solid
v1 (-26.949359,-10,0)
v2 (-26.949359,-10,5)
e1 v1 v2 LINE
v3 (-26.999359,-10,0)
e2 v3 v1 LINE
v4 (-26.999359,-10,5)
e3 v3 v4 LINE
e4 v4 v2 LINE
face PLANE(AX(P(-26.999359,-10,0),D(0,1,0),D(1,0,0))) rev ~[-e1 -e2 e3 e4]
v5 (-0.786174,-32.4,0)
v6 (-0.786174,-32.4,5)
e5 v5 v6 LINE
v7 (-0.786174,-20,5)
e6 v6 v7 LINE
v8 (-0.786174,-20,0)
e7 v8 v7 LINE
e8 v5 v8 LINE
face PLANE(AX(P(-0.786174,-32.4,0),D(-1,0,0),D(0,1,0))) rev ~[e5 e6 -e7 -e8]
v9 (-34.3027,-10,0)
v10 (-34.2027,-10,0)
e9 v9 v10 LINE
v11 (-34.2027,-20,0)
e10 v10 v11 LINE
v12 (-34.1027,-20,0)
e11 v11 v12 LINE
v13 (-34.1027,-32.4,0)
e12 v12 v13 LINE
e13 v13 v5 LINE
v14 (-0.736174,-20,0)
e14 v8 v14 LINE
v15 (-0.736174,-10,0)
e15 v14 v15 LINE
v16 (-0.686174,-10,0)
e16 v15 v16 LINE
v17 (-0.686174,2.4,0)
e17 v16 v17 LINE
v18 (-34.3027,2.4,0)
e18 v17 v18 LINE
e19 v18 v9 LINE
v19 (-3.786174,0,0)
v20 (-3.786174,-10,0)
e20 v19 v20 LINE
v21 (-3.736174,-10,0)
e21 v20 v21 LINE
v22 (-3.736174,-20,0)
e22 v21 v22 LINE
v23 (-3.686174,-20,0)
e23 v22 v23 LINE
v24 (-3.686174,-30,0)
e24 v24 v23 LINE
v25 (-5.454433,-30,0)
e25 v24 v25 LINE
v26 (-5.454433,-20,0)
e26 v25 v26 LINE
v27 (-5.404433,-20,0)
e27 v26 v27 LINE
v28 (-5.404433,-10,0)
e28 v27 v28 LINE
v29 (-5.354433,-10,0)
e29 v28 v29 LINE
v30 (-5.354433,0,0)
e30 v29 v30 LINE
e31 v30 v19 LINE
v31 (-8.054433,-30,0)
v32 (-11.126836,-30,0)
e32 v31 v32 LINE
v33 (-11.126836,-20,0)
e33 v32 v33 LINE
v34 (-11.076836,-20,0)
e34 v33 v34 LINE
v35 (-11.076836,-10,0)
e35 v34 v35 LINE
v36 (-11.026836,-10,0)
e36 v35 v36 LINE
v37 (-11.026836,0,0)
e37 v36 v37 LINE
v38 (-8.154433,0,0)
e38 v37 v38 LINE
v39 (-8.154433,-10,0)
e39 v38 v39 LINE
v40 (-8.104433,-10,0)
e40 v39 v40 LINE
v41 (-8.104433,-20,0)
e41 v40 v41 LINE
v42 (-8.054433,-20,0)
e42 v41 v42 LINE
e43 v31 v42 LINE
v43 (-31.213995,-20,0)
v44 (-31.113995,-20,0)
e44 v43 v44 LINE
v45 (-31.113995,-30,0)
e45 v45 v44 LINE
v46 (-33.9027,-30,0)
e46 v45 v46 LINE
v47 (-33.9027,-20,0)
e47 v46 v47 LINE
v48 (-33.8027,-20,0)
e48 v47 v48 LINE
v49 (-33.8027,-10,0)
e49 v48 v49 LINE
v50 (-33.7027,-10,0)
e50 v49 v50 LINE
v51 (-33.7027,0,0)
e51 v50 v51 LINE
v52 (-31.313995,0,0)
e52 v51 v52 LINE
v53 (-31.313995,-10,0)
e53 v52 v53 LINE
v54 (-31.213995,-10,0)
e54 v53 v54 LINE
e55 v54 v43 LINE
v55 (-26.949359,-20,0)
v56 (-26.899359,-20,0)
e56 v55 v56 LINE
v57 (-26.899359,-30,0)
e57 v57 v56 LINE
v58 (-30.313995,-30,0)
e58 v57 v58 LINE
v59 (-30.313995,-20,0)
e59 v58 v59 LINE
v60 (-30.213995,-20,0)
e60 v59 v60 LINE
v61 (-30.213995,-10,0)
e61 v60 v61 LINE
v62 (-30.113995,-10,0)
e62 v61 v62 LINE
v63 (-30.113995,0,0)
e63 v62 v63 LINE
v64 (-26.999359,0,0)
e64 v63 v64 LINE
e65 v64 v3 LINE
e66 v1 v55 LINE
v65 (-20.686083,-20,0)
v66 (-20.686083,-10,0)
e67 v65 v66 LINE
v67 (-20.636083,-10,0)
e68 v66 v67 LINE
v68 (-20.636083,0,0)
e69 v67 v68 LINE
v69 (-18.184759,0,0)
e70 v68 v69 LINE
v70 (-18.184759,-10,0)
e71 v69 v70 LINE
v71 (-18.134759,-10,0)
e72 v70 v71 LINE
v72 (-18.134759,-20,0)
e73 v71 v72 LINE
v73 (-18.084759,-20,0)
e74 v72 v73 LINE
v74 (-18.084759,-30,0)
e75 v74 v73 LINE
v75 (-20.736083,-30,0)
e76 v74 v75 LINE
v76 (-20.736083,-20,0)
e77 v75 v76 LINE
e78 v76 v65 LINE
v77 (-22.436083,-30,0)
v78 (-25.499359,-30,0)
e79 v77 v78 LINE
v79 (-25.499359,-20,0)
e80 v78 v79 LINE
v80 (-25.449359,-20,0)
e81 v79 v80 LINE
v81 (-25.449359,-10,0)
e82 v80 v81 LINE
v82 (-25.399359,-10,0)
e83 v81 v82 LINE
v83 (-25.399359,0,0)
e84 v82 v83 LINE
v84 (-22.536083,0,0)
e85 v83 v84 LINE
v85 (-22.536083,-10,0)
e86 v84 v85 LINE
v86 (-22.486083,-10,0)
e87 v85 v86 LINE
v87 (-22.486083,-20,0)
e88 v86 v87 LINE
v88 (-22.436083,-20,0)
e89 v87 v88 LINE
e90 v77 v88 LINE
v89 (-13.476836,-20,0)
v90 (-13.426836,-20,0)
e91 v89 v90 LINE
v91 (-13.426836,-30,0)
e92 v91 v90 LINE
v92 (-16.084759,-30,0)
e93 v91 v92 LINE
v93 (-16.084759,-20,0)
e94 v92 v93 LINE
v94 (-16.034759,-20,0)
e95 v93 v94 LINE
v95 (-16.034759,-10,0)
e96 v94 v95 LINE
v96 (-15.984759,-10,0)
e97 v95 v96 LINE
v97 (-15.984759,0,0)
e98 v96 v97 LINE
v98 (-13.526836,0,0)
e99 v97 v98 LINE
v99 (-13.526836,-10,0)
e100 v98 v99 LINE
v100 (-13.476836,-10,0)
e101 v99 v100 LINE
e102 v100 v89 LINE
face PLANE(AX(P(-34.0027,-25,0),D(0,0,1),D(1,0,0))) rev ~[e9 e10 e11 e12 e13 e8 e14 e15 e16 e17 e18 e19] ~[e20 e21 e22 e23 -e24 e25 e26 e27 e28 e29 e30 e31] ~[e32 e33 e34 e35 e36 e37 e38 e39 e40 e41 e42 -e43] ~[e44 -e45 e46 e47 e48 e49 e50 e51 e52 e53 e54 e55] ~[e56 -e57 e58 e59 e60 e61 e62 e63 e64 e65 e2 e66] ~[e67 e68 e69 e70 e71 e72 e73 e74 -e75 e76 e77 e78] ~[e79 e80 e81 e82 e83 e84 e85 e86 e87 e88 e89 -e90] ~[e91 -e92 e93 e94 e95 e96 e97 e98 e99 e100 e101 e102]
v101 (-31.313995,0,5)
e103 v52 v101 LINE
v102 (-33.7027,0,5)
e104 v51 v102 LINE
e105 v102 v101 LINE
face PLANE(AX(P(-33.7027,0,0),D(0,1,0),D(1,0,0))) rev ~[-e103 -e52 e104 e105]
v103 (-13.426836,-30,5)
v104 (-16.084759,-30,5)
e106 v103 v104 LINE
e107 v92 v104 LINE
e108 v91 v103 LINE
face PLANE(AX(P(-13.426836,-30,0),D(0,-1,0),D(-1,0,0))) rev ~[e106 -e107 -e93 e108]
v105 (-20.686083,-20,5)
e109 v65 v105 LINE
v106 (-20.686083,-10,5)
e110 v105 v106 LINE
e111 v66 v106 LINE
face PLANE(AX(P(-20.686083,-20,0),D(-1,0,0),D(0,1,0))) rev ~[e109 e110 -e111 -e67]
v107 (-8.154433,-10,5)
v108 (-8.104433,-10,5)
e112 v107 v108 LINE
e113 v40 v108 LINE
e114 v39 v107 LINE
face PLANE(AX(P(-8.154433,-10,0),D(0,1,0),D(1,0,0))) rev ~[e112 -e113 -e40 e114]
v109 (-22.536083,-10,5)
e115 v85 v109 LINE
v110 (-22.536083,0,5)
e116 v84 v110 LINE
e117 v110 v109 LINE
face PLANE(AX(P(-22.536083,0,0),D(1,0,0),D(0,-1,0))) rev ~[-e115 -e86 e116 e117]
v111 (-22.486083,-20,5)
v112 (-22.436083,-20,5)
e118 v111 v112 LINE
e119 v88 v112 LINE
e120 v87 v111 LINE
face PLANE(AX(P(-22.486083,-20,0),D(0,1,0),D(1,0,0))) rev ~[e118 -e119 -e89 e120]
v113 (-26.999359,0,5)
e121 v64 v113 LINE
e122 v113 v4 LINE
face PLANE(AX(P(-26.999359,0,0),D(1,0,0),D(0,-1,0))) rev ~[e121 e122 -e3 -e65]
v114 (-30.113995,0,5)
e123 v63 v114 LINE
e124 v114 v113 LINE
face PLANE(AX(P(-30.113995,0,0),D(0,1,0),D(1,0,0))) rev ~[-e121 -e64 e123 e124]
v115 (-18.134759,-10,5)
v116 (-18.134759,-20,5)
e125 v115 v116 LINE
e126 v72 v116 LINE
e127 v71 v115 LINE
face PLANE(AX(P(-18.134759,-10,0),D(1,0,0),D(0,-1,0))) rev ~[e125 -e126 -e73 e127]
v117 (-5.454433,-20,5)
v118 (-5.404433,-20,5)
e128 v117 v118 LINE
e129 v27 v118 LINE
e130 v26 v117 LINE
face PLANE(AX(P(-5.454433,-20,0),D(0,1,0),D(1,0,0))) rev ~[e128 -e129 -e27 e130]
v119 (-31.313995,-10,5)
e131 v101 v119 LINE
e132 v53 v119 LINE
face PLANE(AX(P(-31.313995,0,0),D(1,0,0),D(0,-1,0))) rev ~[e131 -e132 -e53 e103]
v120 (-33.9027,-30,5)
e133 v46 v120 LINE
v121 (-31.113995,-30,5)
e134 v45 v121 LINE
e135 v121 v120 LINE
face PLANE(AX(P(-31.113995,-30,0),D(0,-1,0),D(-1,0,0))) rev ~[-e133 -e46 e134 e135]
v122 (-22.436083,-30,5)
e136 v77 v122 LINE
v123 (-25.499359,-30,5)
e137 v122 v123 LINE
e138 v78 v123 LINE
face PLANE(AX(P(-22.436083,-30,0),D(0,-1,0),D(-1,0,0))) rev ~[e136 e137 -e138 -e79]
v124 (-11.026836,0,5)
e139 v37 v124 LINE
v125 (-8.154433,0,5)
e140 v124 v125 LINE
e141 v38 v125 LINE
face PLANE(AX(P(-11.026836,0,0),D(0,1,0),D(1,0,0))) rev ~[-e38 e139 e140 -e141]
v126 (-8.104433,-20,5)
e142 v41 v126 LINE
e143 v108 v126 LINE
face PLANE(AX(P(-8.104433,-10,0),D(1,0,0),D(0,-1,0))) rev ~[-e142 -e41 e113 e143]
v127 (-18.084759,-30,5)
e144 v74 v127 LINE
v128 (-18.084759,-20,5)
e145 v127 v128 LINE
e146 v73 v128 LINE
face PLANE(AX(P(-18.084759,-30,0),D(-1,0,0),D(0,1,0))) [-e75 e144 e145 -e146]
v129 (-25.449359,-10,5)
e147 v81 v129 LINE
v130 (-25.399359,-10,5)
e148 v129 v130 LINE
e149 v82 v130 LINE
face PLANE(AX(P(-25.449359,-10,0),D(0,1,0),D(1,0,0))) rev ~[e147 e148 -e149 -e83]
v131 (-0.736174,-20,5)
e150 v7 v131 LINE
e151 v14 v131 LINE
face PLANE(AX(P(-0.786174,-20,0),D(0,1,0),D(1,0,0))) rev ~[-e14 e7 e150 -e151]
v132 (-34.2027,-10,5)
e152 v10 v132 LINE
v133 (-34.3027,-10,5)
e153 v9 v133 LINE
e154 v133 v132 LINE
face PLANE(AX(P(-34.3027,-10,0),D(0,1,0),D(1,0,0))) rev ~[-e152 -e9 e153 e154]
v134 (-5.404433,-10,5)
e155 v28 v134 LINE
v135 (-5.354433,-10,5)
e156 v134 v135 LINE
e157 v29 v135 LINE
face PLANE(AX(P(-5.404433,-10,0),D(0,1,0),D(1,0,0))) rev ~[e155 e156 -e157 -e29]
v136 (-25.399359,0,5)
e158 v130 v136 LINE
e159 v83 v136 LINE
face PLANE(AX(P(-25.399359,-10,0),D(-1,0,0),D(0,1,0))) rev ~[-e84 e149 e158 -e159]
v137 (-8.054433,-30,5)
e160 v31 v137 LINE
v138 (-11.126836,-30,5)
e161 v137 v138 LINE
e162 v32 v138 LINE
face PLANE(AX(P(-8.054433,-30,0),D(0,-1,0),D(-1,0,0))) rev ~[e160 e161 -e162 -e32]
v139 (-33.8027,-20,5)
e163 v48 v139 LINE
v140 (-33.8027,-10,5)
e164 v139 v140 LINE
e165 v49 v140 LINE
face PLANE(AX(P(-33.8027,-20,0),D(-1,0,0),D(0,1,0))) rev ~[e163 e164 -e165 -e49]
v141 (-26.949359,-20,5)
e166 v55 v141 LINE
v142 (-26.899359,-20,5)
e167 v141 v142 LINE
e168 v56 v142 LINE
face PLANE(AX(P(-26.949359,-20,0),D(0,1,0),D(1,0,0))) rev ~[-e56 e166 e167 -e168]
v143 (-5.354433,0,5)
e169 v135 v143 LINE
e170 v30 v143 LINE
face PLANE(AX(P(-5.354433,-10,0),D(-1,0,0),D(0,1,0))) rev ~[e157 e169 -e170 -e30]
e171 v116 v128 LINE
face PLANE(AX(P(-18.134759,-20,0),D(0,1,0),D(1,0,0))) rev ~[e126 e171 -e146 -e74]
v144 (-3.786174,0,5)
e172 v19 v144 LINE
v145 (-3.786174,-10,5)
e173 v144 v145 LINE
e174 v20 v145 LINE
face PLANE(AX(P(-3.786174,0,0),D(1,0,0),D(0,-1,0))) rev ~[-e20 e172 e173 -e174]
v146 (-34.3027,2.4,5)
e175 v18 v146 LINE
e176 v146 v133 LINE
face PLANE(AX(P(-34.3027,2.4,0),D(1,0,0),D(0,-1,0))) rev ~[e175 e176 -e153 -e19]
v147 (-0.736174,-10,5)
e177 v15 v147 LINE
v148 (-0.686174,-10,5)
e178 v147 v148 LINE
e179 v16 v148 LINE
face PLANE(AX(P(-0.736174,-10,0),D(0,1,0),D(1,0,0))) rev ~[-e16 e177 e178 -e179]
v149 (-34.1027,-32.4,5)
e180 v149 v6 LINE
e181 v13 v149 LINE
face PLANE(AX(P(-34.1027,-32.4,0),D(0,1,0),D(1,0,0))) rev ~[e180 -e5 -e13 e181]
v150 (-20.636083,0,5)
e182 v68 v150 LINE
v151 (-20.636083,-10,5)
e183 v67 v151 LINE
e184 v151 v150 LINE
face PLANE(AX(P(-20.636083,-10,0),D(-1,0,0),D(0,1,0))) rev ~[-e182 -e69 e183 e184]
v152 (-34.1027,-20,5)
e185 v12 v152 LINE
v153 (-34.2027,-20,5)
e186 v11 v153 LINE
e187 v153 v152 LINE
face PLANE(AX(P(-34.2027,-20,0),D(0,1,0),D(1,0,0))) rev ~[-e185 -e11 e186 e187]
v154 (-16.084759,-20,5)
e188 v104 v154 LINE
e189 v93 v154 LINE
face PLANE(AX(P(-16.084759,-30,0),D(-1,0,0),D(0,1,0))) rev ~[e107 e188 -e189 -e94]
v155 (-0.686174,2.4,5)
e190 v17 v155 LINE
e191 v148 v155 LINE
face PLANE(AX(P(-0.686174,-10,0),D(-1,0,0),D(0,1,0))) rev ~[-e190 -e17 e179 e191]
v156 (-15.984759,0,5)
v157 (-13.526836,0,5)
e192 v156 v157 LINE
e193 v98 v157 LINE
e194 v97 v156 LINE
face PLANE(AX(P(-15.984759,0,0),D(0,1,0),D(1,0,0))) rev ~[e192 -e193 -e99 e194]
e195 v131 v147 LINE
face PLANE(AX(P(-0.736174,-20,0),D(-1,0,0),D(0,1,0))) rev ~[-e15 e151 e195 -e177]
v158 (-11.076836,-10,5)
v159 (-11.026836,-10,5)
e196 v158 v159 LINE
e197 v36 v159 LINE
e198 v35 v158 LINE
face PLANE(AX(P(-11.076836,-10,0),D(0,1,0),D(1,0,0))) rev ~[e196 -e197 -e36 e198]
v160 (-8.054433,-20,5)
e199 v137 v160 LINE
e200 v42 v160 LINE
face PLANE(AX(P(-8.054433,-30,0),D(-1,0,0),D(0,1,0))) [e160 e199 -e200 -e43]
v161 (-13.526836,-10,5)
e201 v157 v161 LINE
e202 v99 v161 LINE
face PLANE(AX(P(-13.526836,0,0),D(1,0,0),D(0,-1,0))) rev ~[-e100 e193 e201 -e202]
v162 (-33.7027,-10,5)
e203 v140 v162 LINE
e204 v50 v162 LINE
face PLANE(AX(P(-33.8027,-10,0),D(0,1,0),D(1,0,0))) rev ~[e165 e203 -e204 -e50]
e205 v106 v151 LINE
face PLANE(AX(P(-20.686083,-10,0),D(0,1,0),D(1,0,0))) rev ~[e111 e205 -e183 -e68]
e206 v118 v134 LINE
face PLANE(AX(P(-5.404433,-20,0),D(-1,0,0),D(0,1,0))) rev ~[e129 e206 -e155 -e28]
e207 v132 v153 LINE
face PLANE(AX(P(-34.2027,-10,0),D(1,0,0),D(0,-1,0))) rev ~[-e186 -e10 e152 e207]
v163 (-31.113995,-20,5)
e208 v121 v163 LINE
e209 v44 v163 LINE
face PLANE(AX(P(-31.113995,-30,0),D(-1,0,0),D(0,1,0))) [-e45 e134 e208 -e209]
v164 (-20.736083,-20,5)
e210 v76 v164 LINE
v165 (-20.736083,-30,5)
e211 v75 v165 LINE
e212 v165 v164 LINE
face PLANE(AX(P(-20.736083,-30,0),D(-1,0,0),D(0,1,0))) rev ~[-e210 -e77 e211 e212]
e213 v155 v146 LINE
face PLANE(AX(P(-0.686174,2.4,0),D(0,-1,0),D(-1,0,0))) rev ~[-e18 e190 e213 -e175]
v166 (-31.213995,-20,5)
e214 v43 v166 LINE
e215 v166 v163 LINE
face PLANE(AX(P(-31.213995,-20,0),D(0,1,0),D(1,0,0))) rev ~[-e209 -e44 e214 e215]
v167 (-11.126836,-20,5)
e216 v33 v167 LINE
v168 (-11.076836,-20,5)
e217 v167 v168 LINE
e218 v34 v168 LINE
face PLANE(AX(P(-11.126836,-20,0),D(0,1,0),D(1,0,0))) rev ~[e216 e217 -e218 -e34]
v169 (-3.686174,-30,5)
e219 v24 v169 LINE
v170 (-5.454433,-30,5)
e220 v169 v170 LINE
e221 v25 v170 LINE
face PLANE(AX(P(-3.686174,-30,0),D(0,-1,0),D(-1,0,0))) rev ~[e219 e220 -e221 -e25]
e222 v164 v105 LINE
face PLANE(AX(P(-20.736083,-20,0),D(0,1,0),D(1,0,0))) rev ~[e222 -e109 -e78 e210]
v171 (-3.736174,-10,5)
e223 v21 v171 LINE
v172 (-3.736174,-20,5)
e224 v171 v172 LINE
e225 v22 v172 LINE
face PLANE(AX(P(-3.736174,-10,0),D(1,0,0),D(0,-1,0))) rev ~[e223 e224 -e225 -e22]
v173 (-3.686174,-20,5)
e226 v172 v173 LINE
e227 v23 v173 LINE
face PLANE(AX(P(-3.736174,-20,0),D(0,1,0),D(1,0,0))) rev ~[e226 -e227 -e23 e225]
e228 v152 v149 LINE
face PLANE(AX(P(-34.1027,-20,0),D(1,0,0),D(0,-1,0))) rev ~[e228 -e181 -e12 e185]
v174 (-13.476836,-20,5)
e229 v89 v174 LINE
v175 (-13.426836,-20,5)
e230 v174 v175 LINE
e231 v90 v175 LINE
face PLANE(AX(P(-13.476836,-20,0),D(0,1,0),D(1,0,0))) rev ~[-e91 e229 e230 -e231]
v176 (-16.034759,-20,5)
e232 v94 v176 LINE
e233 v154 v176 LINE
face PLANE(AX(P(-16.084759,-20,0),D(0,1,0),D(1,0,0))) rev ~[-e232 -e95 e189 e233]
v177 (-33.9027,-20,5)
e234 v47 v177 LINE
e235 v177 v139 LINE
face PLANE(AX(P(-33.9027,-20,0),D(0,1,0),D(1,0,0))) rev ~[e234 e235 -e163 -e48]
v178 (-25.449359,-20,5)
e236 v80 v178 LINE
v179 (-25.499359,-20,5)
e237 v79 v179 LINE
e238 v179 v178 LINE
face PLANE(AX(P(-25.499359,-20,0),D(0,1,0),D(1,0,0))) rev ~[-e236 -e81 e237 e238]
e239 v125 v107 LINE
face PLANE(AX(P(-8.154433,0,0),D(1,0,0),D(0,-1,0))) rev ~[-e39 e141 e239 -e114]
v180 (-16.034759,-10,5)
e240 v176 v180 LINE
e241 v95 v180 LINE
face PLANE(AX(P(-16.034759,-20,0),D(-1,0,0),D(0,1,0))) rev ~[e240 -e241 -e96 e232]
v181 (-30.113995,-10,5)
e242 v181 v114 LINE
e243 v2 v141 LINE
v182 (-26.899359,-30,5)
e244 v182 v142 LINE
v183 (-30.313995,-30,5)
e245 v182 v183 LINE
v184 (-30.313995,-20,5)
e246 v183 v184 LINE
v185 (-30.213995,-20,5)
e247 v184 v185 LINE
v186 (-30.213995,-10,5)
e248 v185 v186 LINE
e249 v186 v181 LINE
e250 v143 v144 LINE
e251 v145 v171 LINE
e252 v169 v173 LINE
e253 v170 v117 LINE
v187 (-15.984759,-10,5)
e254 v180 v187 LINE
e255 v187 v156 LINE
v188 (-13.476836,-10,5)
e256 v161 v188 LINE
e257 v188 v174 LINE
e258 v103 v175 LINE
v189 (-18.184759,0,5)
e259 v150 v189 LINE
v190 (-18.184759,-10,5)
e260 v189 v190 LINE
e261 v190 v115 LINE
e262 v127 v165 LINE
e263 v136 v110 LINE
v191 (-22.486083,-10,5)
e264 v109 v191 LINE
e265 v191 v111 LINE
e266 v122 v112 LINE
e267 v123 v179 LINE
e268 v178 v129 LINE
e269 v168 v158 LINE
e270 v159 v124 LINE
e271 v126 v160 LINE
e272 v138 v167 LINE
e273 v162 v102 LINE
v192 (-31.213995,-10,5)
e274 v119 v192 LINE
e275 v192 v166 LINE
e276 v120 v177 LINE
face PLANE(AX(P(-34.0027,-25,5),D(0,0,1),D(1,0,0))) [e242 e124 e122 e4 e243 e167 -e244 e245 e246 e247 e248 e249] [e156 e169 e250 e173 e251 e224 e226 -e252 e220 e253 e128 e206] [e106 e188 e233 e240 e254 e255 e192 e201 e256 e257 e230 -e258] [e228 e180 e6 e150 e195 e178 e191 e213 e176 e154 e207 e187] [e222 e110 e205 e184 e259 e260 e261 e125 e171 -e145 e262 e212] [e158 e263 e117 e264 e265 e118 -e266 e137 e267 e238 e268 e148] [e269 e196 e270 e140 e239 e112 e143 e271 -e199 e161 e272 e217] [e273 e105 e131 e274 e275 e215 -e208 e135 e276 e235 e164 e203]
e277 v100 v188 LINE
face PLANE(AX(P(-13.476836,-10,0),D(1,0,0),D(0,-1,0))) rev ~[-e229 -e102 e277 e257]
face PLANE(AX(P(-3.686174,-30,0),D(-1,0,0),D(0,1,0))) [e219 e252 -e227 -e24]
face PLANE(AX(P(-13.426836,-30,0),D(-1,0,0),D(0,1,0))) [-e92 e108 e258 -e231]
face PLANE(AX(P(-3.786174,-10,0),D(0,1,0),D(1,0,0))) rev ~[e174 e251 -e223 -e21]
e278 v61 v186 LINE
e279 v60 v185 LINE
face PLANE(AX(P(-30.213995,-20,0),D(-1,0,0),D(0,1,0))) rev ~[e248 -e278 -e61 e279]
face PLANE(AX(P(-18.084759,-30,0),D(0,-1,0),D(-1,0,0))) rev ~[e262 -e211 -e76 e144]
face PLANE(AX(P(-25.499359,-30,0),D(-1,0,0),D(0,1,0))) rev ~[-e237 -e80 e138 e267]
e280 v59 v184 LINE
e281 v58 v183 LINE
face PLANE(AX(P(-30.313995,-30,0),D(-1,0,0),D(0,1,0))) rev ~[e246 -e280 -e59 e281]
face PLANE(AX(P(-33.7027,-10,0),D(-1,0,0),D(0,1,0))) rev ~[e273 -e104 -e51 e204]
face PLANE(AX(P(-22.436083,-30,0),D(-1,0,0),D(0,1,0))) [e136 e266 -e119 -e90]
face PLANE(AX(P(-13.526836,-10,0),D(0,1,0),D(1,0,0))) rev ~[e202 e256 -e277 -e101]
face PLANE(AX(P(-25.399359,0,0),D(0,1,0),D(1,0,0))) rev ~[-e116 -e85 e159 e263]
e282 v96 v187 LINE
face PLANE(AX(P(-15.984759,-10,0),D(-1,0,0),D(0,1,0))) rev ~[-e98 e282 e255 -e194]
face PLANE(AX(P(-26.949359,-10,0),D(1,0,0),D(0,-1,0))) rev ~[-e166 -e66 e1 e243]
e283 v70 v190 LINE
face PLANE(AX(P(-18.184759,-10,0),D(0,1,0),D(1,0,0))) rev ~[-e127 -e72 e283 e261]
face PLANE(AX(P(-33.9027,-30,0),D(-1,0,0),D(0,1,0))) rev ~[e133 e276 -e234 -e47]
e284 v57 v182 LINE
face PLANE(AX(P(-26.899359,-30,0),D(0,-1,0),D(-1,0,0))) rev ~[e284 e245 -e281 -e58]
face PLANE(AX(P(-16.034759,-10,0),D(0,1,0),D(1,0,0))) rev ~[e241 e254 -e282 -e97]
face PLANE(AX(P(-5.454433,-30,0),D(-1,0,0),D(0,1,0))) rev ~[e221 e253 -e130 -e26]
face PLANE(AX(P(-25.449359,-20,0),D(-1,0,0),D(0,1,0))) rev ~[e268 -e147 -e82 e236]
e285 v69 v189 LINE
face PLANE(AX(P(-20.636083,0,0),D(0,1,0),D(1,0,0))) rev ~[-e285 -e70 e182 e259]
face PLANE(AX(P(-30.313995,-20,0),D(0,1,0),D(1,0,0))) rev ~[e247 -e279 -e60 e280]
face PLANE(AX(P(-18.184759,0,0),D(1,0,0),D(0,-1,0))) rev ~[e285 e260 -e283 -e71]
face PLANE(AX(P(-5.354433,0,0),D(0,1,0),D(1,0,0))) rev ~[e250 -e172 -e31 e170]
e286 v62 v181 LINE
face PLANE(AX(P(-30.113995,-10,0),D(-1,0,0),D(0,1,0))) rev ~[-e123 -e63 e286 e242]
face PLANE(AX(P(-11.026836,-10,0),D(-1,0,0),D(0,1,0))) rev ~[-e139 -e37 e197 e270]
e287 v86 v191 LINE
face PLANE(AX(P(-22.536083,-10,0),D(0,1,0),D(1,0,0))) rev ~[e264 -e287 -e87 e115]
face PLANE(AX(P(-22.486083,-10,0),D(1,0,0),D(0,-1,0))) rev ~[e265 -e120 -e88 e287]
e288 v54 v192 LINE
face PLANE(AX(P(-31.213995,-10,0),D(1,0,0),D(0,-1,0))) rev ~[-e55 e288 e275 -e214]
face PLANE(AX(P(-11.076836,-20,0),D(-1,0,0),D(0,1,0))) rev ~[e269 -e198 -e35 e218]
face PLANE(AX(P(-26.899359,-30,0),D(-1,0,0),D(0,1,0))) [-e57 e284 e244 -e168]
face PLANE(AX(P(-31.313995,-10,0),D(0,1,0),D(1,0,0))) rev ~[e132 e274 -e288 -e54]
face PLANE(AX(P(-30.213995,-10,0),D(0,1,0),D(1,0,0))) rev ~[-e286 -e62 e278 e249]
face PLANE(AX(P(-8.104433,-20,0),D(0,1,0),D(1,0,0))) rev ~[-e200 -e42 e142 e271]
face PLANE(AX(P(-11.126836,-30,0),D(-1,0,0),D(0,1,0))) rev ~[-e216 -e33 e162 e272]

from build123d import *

# Parameters (mm, degrees)
F0_W     = 0.2
F0_H     = 10
F0_W_2   = 2.9
F0_W_3   = 2.6
F0_W_4   = 2.3
F0_W_5   = 2
F0_W_6   = 1.7
F0_W_7   = 1.4
F0_W_8   = 0.8
F1_DEPTH = 5


with BuildPart() as f1:
    # F0 (on Top) → F1 (new body)
    with BuildSketch(Plane.XY):
        with Locations((-34.0027, -25)):
            Rectangle(F0_W, F0_H)
        Polygon((-33.9027, -30), (-34.1027, -30), (-34.1027, -32.4), (-0.786174, -32.4), (-0.786174, -30), (-3.686174, -30), (-5.454433, -30), (-8.054433, -30), (-11.126836, -30), (-13.426836, -30), (-16.084759, -30), (-18.084759, -30), (-20.736083, -30), (-22.436083, -30), (-25.499359, -30), (-26.899359, -30), (-30.313995, -30), (-31.113995, -30), align=None)
        Polygon((-34.2027, -20), (-34.1027, -20), (-33.9027, -20), (-33.8027, -20), (-33.8027, -10), (-34.2027, -10), align=None)
        Polygon((-34.3027, -10), (-34.2027, -10), (-33.8027, -10), (-33.7027, -10), (-33.7027, 0), (-34.3027, 0), align=None)
        with Locations((-2.236174, -25)):
            Rectangle(F0_W_2, F0_H)
        Polygon((-3.686174, -20), (-0.786174, -20), (-0.736174, -20), (-0.736174, -10), (-3.736174, -10), (-3.736174, -20), align=None)
        Polygon((-34.3027, 2.4), (-34.3027, 0), (-33.7027, 0), (-31.313995, 0), (-30.113995, 0), (-26.999359, 0), (-25.399359, 0), (-22.536083, 0), (-20.636083, 0), (-18.184759, 0), (-15.984759, 0), (-13.526836, 0), (-11.026836, 0), (-8.154433, 0), (-5.354433, 0), (-3.786174, 0), (-0.686174, 0), (-0.686174, 2.4), align=None)
        Polygon((-3.736174, -10), (-0.736174, -10), (-0.686174, -10), (-0.686174, 0), (-3.786174, 0), (-3.786174, -10), align=None)
        Polygon((-31.313995, -10), (-31.213995, -10), (-30.213995, -10), (-30.113995, -10), (-30.113995, 0), (-31.313995, 0), align=None)
        Polygon((-26.999359, -10), (-26.949359, -10), (-25.449359, -10), (-25.399359, -10), (-25.399359, 0), (-26.999359, 0), align=None)
        Polygon((-22.536083, -10), (-22.486083, -10), (-20.686083, -10), (-20.636083, -10), (-20.636083, 0), (-22.536083, 0), align=None)
        Polygon((-18.184759, -10), (-18.134759, -10), (-16.034759, -10), (-15.984759, -10), (-15.984759, 0), (-18.184759, 0), align=None)
        Polygon((-13.476836, -10), (-11.076836, -10), (-11.026836, -10), (-11.026836, 0), (-13.526836, 0), (-13.526836, -10), align=None)
        Polygon((-8.104433, -10), (-5.404433, -10), (-5.354433, -10), (-5.354433, 0), (-8.154433, 0), (-8.154433, -10), align=None)
        with Locations((-6.754433, -25)):
            Rectangle(F0_W_3, F0_H)
        with Locations((-12.276836, -25)):
            Rectangle(F0_W_4, F0_H)
        Polygon((-13.426836, -20), (-11.126836, -20), (-11.076836, -20), (-11.076836, -10), (-13.476836, -10), (-13.476836, -20), align=None)
        Polygon((-18.134759, -20), (-18.084759, -20), (-16.084759, -20), (-16.034759, -20), (-16.034759, -10), (-18.134759, -10), align=None)
        with Locations((-17.084759, -25)):
            Rectangle(F0_W_5, F0_H)
        with Locations((-21.586083, -25)):
            Rectangle(F0_W_6, F0_H)
        Polygon((-22.486083, -20), (-22.436083, -20), (-20.736083, -20), (-20.686083, -20), (-20.686083, -10), (-22.486083, -10), align=None)
        Polygon((-26.949359, -20), (-26.899359, -20), (-25.499359, -20), (-25.449359, -20), (-25.449359, -10), (-26.949359, -10), align=None)
        with Locations((-26.199359, -25)):
            Rectangle(F0_W_7, F0_H)
        Polygon((-31.213995, -20), (-31.113995, -20), (-30.313995, -20), (-30.213995, -20), (-30.213995, -10), (-31.213995, -10), align=None)
        with Locations((-30.713995, -25)):
            Rectangle(F0_W_8, F0_H)
        Polygon((-8.054433, -20), (-5.454433, -20), (-5.404433, -20), (-5.404433, -10), (-8.104433, -10), (-8.104433, -20), align=None)
    extrude(amount=F1_DEPTH)


solid = f1.part
